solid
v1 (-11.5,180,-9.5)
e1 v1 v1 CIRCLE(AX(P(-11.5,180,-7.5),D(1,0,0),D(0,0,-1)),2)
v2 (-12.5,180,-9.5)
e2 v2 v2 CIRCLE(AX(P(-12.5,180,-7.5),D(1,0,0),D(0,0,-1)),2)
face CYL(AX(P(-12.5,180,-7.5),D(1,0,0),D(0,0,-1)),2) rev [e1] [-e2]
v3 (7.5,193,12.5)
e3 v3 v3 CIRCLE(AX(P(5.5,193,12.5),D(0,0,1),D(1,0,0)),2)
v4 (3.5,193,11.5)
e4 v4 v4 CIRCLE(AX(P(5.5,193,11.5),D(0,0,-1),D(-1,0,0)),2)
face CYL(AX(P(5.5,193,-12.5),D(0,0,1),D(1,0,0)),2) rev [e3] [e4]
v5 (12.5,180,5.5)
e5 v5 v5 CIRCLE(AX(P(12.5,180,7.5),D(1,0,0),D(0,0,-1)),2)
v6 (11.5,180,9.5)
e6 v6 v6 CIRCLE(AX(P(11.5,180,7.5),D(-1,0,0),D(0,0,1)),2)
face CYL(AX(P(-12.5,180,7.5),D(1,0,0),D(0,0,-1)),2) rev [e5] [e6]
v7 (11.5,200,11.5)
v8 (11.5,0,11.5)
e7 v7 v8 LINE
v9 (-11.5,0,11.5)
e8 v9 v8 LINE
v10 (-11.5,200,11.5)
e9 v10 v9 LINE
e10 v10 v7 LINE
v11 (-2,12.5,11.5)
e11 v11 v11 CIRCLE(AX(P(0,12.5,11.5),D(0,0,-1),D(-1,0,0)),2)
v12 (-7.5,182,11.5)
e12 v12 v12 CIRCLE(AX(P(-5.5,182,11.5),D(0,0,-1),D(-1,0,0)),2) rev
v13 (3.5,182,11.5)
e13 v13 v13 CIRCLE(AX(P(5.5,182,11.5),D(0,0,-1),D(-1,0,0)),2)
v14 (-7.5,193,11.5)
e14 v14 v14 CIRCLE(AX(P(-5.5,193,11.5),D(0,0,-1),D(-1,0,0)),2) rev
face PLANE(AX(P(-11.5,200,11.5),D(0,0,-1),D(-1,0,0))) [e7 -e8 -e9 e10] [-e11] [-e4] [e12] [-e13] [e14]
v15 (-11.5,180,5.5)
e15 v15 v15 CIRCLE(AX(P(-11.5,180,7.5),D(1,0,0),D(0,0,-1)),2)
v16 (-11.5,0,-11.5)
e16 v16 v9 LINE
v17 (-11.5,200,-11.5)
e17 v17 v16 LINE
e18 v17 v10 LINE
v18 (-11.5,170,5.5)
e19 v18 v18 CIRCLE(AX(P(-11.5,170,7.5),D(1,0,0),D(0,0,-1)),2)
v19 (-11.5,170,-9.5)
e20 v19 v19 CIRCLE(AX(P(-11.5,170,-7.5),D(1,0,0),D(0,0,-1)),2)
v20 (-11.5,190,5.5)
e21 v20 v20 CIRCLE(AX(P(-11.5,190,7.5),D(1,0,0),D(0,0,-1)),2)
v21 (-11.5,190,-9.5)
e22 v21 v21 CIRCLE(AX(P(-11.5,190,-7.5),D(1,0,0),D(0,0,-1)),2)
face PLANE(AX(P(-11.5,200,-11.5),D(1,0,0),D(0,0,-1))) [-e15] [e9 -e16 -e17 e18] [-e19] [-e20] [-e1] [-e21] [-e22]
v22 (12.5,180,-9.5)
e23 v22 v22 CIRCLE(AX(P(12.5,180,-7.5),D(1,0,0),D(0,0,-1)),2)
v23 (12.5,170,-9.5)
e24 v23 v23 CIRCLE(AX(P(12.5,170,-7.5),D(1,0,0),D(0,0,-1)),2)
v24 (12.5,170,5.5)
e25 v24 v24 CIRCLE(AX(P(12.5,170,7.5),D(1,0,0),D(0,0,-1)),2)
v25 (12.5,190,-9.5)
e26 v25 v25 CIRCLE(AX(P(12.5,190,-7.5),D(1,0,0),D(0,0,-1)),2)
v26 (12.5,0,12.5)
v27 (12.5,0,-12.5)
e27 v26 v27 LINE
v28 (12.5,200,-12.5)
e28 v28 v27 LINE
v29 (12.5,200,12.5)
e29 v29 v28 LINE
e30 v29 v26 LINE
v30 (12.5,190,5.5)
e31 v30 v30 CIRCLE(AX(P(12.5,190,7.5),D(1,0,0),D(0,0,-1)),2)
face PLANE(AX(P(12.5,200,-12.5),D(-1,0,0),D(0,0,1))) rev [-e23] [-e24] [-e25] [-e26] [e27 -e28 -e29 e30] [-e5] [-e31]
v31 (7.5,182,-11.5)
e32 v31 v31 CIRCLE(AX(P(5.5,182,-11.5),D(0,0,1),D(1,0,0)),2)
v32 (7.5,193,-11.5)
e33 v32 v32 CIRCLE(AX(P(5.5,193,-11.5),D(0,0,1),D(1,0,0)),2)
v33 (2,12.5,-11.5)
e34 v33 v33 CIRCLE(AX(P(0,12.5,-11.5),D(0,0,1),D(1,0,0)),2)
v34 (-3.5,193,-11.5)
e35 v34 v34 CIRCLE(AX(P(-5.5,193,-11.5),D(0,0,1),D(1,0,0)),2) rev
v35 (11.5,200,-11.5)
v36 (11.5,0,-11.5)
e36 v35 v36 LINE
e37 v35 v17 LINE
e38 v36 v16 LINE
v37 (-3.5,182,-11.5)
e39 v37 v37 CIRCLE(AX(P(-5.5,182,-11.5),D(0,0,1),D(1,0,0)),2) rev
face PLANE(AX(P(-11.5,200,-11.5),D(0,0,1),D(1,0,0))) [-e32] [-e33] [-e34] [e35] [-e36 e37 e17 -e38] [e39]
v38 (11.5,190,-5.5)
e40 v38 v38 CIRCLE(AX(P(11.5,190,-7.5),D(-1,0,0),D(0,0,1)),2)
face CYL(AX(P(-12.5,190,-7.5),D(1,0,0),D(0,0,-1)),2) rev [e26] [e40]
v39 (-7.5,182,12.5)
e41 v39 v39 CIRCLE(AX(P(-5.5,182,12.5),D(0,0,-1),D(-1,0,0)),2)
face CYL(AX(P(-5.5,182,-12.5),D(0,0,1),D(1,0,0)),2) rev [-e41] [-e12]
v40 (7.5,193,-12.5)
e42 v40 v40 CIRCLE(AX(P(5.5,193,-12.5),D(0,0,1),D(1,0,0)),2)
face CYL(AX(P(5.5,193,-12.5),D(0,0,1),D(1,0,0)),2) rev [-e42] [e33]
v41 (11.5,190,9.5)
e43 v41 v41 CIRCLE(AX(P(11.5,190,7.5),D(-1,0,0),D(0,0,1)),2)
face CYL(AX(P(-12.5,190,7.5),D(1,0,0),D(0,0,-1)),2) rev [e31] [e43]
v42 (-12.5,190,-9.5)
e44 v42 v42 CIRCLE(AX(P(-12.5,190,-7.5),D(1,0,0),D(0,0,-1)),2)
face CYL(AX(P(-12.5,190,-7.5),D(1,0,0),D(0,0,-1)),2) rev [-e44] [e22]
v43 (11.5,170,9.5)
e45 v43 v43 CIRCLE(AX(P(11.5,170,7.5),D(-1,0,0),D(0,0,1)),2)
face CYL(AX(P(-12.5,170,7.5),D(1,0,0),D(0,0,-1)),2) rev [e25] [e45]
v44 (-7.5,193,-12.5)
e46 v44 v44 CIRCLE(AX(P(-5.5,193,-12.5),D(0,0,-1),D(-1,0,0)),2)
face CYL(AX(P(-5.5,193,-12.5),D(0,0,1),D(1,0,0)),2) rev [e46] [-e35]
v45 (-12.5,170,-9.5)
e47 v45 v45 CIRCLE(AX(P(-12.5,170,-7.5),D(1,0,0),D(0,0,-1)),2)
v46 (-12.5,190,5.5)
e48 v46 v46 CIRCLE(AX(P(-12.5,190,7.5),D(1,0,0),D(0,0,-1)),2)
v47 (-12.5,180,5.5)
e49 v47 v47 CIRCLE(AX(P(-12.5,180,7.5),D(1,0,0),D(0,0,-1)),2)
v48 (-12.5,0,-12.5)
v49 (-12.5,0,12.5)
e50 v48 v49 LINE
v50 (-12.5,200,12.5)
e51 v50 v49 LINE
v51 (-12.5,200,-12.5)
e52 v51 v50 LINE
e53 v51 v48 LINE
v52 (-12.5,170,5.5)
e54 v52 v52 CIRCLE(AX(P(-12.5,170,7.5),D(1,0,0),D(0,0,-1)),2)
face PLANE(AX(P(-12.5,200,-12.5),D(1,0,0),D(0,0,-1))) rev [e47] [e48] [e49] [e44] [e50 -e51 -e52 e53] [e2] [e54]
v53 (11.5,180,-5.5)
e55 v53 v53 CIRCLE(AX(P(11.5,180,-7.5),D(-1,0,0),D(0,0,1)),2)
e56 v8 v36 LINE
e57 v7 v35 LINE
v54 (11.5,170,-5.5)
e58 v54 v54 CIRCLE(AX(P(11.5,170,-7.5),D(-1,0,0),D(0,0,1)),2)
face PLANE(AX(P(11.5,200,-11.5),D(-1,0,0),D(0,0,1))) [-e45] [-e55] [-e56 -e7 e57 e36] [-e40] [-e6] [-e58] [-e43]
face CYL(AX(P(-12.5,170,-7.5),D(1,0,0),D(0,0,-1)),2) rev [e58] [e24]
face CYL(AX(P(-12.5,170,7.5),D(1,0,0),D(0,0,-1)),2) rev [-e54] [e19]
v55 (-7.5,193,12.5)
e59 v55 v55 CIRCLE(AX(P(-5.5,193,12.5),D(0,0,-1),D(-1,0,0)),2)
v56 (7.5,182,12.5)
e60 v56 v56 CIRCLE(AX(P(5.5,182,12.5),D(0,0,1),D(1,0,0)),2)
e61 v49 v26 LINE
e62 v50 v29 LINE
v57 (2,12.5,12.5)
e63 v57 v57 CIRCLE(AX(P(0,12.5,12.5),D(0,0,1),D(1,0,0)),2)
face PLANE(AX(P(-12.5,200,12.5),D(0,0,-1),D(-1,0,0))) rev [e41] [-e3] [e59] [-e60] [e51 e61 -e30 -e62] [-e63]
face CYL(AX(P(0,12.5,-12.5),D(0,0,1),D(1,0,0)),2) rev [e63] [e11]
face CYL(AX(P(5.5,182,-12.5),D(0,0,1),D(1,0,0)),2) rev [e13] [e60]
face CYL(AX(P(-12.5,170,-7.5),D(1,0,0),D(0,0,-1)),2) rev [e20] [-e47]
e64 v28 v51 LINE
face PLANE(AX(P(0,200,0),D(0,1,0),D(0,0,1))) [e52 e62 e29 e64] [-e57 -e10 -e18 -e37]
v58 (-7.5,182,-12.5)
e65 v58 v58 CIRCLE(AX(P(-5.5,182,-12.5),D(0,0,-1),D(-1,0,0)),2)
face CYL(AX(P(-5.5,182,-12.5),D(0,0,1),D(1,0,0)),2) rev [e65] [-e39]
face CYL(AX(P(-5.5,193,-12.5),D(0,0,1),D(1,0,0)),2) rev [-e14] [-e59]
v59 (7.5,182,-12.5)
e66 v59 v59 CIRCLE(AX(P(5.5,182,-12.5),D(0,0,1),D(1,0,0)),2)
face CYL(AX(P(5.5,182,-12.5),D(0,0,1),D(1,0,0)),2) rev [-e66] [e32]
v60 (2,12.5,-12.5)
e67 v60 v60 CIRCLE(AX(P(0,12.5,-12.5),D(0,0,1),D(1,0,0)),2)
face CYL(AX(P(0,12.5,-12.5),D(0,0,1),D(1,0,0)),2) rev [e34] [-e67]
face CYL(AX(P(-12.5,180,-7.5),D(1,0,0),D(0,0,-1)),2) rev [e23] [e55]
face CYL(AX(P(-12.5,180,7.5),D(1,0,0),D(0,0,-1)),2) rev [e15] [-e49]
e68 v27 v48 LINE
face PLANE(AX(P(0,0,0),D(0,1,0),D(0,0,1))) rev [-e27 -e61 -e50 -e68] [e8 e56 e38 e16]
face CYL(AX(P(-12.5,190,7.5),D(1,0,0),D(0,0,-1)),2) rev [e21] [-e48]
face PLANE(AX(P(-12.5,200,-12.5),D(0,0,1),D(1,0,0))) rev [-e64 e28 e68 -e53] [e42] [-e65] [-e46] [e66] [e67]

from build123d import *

# Parameters (mm, degrees)
SKETCH1_W           = 25
SKETCH1_H           = 25
SKETCH1_W_2         = 23
SKETCH1_H_2         = 23
BOSS_EXTRUDE1_DEPTH = 200
SKETCH3_R           = 2
CUT_EXTRUDE1_DEPTH  = 25
SKETCH4_R           = 2
CUT_EXTRUDE2_DEPTH  = 25
SKETCH5_R           = 2
CUT_EXTRUDE3_DEPTH  = 25


with BuildPart() as part:
    # Sketch1 → Boss-Extrude1 (new body)
    with BuildSketch(Plane(origin=(0, 0, 0), x_dir=(1, 0, 0), z_dir=(0, 1, 0))):
        Rectangle(SKETCH1_W, SKETCH1_H)
        Rectangle(SKETCH1_W_2, SKETCH1_H_2, mode=Mode.SUBTRACT)
    extrude(amount=BOSS_EXTRUDE1_DEPTH)

    # Sketch3 → Cut-Extrude1 (cut)
    with BuildSketch(Plane(origin=(12.5, 0, 0), x_dir=(0, 0, -1), z_dir=(1, 0, 0))):
        with Locations((7.5, 190)):
            Circle(SKETCH3_R)
        with Locations((7.5, 180)):
            Circle(SKETCH3_R)
        with Locations((-7.5, 190)):
            Circle(SKETCH3_R)
        with Locations((-7.5, 180)):
            Circle(SKETCH3_R)
        with Locations((7.5, 170)):
            Circle(SKETCH3_R)
        with Locations((-7.5, 170)):
            Circle(SKETCH3_R)
    extrude(amount=-CUT_EXTRUDE1_DEPTH, mode=Mode.SUBTRACT)

    # Sketch4 → Cut-Extrude2 (cut)
    with BuildSketch(Plane.XY.offset(12.5)):
        with Locations((5.5, 193)):
            Circle(SKETCH4_R)
        with Locations((5.5, 182)):
            Circle(SKETCH4_R)
    cut_extrude2 = extrude(amount=-CUT_EXTRUDE2_DEPTH, mode=Mode.SUBTRACT)

    # Sketch5 → Cut-Extrude3 (cut)
    with BuildSketch(Plane.XY.offset(12.5)):
        with Locations((0, 12.5)):
            Circle(SKETCH5_R)
    extrude(amount=-CUT_EXTRUDE3_DEPTH, mode=Mode.SUBTRACT)

    # Mirror1: Cut-Extrude2 across plane
    add(cut_extrude2.mirror(Plane(origin=(0, 0, 0), x_dir=(0, 0, 1), z_dir=(1, 0, 0))), mode=Mode.SUBTRACT)


solid = part.part
